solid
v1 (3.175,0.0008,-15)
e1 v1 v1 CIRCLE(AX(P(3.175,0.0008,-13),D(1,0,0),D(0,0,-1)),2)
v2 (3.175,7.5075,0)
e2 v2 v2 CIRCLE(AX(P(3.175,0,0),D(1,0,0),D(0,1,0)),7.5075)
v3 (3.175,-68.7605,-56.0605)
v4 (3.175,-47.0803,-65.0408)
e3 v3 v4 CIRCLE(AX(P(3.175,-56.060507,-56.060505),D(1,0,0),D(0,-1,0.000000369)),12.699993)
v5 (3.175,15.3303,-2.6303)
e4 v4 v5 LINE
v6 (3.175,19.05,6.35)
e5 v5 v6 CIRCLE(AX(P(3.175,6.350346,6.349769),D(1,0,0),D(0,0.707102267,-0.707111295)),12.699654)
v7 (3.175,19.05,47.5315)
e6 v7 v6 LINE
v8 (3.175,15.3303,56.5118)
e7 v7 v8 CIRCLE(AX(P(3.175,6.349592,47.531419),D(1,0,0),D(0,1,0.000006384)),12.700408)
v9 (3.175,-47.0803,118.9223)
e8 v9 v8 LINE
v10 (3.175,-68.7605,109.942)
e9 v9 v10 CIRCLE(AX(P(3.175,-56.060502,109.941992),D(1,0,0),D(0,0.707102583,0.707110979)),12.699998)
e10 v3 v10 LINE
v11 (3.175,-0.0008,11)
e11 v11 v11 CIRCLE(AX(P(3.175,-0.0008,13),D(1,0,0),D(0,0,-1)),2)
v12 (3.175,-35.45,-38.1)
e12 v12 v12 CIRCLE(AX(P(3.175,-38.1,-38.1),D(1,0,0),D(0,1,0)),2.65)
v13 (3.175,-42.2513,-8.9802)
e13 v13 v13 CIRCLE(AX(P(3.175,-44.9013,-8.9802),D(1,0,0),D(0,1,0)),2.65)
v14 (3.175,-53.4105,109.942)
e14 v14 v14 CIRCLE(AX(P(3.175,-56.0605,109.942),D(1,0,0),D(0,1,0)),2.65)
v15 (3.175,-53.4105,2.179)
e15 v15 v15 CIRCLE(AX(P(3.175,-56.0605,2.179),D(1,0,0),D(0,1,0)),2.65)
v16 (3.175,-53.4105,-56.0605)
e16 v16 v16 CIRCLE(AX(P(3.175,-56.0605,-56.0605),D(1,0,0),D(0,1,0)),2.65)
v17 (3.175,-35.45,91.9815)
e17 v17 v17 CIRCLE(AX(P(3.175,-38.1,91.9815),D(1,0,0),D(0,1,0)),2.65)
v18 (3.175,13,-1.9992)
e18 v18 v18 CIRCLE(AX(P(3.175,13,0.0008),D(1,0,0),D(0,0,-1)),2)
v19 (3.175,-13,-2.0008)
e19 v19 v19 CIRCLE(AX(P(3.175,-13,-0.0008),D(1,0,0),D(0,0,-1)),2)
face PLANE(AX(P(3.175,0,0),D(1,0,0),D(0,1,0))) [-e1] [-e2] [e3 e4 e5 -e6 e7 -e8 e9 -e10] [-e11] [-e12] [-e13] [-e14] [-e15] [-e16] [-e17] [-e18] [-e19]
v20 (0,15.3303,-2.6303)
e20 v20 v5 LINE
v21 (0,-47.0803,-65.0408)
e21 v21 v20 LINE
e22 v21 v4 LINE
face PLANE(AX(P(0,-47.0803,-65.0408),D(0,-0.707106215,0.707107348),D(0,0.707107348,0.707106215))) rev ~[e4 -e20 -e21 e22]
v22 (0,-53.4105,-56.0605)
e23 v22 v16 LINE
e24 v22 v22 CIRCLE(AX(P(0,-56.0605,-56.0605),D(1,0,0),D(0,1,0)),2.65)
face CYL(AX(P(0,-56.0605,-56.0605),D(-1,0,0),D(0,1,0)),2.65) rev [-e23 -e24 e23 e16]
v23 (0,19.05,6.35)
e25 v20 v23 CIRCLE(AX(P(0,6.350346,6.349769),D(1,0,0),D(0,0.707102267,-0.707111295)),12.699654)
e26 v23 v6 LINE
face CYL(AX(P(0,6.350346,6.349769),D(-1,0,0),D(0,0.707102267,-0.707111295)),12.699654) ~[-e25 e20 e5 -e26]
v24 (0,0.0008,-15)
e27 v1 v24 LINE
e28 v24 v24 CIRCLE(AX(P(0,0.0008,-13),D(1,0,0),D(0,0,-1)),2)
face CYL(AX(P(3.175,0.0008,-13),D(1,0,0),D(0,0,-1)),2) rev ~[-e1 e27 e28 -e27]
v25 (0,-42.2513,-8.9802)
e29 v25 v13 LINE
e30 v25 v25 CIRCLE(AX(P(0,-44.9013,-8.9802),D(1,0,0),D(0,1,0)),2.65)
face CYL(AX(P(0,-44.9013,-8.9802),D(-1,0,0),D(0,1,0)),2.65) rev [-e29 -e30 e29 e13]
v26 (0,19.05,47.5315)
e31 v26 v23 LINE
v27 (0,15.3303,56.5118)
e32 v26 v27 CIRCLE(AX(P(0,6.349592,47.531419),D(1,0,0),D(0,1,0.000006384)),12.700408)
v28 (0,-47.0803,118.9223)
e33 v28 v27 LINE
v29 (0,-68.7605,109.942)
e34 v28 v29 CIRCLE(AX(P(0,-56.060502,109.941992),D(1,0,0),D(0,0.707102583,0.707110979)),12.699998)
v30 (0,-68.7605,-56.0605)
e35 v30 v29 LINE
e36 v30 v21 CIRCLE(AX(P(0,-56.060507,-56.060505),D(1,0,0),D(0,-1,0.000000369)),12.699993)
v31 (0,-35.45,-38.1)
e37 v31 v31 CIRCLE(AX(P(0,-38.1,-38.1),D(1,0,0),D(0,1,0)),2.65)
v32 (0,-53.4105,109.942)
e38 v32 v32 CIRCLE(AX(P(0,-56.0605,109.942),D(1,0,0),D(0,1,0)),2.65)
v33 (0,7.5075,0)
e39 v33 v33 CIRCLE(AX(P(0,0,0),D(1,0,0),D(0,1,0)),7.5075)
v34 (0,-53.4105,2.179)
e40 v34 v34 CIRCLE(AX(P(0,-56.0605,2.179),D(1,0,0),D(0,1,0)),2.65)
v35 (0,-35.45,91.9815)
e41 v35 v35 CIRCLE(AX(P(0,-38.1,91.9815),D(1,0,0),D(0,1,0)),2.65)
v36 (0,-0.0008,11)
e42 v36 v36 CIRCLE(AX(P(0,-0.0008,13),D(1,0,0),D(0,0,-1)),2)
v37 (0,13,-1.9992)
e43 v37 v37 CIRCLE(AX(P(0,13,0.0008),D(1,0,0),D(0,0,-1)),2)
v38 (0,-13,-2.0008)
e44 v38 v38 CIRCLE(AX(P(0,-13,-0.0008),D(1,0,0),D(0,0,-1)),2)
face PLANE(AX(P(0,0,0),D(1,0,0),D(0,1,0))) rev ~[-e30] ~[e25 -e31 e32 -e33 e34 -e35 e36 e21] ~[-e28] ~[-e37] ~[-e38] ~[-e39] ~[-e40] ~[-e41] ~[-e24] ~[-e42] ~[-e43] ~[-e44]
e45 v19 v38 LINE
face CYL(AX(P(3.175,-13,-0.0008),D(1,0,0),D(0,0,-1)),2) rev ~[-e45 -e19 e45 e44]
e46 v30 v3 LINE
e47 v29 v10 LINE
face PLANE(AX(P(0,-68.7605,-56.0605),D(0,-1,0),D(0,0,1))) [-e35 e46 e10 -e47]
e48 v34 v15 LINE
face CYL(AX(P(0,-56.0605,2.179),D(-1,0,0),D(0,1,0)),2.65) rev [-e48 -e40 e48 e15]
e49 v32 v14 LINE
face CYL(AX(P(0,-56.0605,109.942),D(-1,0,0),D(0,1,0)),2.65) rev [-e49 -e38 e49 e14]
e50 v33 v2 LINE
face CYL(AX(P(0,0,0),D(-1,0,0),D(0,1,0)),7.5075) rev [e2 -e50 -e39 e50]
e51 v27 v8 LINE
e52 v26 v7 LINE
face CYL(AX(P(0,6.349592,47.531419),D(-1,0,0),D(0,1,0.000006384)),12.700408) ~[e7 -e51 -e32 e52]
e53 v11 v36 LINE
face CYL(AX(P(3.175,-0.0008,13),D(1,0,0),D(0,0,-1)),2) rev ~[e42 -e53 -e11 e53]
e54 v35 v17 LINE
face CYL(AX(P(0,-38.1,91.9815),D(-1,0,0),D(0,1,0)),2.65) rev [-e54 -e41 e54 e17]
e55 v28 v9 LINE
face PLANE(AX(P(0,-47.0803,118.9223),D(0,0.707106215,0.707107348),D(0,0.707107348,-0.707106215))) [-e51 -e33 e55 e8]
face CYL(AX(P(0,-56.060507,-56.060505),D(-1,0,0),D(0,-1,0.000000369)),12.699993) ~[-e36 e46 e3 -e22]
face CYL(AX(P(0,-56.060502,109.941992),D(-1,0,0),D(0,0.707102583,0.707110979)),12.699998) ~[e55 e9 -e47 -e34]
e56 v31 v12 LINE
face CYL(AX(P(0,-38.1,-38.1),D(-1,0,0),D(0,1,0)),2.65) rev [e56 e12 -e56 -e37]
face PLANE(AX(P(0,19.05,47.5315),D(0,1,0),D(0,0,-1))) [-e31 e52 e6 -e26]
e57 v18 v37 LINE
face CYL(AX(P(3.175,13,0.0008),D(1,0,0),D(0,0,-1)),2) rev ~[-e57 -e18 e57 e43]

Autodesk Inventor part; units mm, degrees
ref_plane "YZ Plane" through (0, 0, 0) normal (1, 0, 0) x (0, 1, 0)
ref_plane "XZ Plane" through (0, 0, 0) normal (0, 1, 0) x (-1, 0, 0)
ref_plane "XY Plane" through (0, 0, 0) normal (0, 0, 1) x (1, 0, 0)
sketch "Sketch1" plane through (0, 0, 0) normal (1, 0, 0) x (0, 1, 0)
  circle A0 centre (0, 0) radius 7.5075
  circle A1 centre (-56.0605, -56.0605) radius 2.65
  circle A2 centre (-38.1, -38.1) radius 2.65
  circle A3 centre (-47.0803, 100.9618) radius 2.65
  circle A4 centre (-56.0605, 109.942) radius 2.65
  circle A5 centre (-38.1, 91.9815) radius 2.65
  circle A6 centre (-47.0803, -47.0803) radius 2.65
  line L0 (-47.0803, 100.9618) -> (-36.2262, 90.1077) construction
  line L1 (-38.1, 38.1) -> (0, 0) construction
  line L2 (0, 0) -> (-38.1, -38.1) construction
  line L3 (0, 0) -> (12.7, 0) construction
  line L4 (-47.0803, 118.9223) -> (15.3303, 56.5118)
  line L5 (19.05, 47.5315) -> (19.05, 6.35)
  line L6 (-68.7605, -56.0605) -> (-68.7605, 109.942)
  arc A7 (19.05, 47.5315) -> (15.3303, 56.5118) centre (6.35, 47.5315) ccw
  arc A8 (-47.0803, 118.9223) -> (-68.7605, 109.942) centre (-56.0605, 109.942) ccw
  line L7 (-47.0803, -65.0408) -> (15.3303, -2.6303)
  arc A9 (15.3303, -2.6303) -> (19.05, 6.35) centre (6.35, 6.35) ccw
  arc A10 (-68.7605, -56.0605) -> (-47.0803, -65.0408) centre (-56.0605, -56.0605) ccw
  line L8 (-26.9408, -8.9802) -> (-44.9013, -26.9407)
  line L9 (-44.9013, -26.9407) -> (-284.0015, 212.1595)
  line L10 (-266.041, 230.12) -> (-284.0015, 212.1595)
  line L11 (-26.9408, -8.9802) -> (-266.041, 230.12)
  circle A11 centre (-56.0605, 2.179) radius 2.65
  circle A12 centre (-44.9013, -8.9802) radius 2.65
  line L12 (-56.0605, 2.179) -> (-44.9013, -8.9802) construction
  point P0 (19.05, 1.0895)
  point P1 (-68.7605, -86.721)
  point P2 (-68.7605, 32.8395)
  dimension "d5" = 5.3
  dimension "d0" = 15.015
  dimension "d1" = 5.3
  dimension "d2" = 5.3
  dimension "d3" = 5.3
  dimension "d4" = 5.3
  dimension "d6" = 5.3
  dimension "d8" = 38.1
  dimension "d10" = 38.1
  dimension "d11" = 12.7
  dimension "d12" = 12.7
  dimension "d13" = 38.1
  dimension "d14" = 12.7
  dimension "d15" = 12.7
  dimension "d16" = 12.7
  dimension "d18" = 19.05
  dimension "d19" = 45
  dimension "d20" = 12.7
  dimension "d21" = 12.7
  dimension "d24" = 12.7
  dimension "d25" = 12.7
  dimension "d27" = 12.7
  dimension "d29" = 12.7
  dimension "d34" = 12.7
  dimension "d47" = 12.7
  dimension "d51" = 12.7
  dimension "d60" = 25.4
  dimension "d61" = 338.1388
  dimension "d62" = 107.7631
  dimension "d63" = 25.4
extrude "Extrusion2" add sketch "Sketch1" along normal blind 3.175 contours A3 | A6 | L4 A7 L5 A9 L7 A10 L6 L9 L8 L11 A8 | L11 L8 L9 L6
sketch "Sketch3" plane through (3.175, 0, 0) normal (1, 0, 0) x (0, 0, -1)
  circle A0 centre (0, 0) radius 7.5075 projected
  circle A1 centre (0, 0) radius 13 construction
  circle A2 centre (-0.0008, 13) radius 2
  line L0 (-6.35, 19.05) -> (-47.5315, 19.05) projected
  circle A3 centre (-13, -0.0008) radius 2
  circle A4 centre (0.0008, -13) radius 2
  circle A5 centre (13, 0.0008) radius 2
  dimension "d37" = 26
  dimension "d38" = 4
  dimension "d42" = 360
extrude "Extrusion3" cut sketch "Sketch3" against normal blind 25.4 contours A2 | A3 | A4 | A5
equation "\"d12\" = d11"
equation "\"d13\" = d10"
equation "\"d14\" = d11"
equation "\"d15\" = d11"
properties part number "test-HipPivotPlate" material "Aluminum 6061"
